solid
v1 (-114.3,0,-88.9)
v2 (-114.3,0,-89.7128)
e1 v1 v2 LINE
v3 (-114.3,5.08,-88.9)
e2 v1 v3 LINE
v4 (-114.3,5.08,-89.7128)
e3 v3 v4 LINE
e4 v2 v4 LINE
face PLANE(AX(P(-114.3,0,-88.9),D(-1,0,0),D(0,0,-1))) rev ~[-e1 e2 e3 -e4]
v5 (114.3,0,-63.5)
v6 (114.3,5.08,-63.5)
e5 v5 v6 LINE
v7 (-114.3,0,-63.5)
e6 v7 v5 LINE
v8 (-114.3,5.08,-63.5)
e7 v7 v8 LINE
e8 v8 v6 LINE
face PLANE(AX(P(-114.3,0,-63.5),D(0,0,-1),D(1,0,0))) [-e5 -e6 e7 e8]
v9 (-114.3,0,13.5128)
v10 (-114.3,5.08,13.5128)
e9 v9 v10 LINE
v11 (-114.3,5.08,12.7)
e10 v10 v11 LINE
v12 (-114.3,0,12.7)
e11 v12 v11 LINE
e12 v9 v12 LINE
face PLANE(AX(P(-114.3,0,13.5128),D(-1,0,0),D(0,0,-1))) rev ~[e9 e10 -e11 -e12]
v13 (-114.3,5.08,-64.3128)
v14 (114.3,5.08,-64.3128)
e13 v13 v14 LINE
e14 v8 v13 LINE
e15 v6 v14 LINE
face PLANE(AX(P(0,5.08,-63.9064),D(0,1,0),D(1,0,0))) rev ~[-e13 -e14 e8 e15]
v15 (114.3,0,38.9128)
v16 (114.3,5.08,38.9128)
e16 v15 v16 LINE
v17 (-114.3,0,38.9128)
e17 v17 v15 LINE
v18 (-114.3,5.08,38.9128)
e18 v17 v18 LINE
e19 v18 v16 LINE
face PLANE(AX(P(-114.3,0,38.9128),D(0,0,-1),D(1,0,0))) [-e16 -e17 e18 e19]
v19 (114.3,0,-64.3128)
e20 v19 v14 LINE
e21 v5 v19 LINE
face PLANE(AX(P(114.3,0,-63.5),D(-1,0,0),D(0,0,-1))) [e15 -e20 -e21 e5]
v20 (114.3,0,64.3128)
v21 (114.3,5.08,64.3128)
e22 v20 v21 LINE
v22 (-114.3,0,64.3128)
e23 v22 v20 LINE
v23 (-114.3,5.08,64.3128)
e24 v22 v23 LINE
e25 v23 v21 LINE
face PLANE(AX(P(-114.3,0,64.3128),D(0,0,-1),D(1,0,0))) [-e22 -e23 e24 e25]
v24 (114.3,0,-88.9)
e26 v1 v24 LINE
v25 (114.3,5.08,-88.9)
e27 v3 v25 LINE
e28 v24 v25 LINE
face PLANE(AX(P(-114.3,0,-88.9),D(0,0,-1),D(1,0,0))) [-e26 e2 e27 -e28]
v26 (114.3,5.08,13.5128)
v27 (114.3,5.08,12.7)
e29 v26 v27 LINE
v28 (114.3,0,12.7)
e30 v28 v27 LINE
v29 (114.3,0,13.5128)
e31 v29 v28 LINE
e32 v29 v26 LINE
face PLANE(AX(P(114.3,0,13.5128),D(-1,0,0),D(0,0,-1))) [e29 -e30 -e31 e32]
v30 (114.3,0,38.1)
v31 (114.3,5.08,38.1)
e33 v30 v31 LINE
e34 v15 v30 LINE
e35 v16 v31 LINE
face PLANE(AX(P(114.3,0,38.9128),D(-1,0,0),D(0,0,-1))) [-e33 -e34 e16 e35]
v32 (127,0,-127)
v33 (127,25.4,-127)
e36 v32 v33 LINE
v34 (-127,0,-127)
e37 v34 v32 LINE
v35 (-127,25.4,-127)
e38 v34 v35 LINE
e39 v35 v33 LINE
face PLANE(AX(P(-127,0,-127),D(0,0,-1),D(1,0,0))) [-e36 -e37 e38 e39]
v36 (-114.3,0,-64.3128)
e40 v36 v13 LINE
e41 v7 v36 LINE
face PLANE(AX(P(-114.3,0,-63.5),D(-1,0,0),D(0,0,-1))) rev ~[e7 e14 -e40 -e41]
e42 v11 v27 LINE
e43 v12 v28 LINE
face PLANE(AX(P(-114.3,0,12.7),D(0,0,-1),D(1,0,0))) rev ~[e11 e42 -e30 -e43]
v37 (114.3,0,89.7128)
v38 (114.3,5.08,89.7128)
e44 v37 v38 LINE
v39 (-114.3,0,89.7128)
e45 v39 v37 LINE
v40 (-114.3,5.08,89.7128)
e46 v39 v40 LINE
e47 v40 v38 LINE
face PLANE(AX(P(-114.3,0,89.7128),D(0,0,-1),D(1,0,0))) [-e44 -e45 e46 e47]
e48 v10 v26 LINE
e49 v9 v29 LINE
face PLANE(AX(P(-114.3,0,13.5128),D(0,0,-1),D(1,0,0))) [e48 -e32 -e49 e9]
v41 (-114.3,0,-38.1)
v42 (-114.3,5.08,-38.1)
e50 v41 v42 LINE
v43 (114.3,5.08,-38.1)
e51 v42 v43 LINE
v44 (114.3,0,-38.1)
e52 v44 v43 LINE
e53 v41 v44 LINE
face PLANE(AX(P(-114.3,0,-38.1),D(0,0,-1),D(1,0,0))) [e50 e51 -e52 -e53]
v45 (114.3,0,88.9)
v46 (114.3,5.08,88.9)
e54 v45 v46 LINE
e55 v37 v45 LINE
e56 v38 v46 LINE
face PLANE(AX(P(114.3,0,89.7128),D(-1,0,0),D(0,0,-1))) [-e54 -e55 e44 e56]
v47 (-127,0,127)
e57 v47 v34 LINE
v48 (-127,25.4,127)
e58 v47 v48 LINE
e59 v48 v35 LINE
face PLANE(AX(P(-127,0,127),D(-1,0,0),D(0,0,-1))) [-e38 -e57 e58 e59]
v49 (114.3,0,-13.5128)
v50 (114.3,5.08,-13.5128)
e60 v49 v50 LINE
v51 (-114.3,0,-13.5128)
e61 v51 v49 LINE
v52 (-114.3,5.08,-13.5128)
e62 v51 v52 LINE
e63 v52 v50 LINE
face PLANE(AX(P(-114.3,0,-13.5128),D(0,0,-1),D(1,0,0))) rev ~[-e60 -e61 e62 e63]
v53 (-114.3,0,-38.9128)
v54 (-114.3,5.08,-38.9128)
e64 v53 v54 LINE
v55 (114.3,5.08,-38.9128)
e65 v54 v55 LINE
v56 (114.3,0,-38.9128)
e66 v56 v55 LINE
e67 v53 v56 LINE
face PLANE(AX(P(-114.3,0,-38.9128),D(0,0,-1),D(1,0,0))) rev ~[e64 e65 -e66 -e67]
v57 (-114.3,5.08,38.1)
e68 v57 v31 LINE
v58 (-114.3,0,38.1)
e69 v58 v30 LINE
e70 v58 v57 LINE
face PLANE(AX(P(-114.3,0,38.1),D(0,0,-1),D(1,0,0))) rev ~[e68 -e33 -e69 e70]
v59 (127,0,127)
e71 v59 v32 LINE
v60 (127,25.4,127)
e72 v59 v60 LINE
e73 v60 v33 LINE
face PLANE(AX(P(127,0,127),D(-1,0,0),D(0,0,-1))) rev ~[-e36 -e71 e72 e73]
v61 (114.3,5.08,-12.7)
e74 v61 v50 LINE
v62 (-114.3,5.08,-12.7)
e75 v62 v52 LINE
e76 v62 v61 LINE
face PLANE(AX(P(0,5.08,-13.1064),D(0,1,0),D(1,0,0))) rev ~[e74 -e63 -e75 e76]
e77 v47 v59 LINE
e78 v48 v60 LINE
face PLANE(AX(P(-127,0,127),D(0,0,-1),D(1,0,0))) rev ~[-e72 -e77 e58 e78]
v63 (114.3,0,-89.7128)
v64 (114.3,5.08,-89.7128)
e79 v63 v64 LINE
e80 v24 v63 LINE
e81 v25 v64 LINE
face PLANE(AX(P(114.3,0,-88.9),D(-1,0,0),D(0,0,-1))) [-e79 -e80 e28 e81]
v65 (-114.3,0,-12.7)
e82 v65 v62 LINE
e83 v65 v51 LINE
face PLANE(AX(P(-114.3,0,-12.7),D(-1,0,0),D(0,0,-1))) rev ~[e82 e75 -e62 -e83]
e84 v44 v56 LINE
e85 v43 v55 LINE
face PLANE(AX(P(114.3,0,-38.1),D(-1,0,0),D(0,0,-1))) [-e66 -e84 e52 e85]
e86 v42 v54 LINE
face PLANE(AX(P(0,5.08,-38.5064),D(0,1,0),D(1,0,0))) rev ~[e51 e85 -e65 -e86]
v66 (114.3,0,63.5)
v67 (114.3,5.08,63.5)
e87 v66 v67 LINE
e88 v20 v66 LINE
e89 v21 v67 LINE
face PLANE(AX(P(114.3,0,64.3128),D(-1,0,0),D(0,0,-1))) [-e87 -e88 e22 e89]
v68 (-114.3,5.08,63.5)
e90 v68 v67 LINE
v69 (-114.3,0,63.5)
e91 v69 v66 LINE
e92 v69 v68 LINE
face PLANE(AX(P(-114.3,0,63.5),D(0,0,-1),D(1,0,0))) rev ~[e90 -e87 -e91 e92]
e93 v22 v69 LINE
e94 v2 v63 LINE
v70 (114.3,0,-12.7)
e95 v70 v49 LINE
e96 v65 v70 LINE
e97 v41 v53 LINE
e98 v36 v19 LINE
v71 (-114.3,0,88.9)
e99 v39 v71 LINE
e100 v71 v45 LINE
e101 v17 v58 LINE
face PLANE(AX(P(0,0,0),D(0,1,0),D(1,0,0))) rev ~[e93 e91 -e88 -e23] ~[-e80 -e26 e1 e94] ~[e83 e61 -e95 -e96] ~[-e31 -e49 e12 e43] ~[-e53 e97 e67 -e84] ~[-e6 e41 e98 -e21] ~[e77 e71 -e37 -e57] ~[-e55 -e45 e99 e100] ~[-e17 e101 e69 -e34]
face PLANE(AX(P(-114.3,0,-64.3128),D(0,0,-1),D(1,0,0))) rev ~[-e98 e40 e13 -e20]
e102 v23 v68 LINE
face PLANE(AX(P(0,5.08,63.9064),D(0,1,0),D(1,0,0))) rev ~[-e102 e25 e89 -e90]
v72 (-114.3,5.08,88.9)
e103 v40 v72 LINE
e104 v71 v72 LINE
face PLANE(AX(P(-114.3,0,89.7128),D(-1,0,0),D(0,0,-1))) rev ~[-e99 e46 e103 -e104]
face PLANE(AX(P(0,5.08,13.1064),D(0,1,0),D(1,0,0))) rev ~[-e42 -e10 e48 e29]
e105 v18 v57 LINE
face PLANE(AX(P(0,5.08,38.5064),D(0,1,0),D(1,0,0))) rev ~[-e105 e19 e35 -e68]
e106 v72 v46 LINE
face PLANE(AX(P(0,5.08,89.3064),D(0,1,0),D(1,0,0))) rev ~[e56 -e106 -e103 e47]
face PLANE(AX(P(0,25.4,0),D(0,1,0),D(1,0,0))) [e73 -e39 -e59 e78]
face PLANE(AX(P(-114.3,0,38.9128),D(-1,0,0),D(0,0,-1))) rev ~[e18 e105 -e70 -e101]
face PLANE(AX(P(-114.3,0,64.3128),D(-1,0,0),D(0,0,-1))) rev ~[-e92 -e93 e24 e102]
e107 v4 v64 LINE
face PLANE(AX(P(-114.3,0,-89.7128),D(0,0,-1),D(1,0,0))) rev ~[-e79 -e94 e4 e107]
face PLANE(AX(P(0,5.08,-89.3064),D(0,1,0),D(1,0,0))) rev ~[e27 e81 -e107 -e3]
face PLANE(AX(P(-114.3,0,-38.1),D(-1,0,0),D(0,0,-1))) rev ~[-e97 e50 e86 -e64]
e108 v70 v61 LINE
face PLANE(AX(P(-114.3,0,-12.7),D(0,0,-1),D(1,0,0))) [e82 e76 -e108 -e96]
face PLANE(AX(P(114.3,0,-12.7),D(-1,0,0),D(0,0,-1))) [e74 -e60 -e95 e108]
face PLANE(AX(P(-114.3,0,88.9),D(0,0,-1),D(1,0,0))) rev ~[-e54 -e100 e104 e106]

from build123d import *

# Parameters (mm, degrees)
SKETCH1_W           = 254
SKETCH1_H           = 254
BOSS_EXTRUDE2_DEPTH = 25.4
SKETCH3_W           = 228.6
SKETCH3_H           = 0.8128
CUT_EXTRUDE1_DEPTH  = 5.08


with BuildPart() as part:
    # Sketch1 → Boss-Extrude2 (new body)
    with BuildSketch(Plane(origin=(0, 0, 0), x_dir=(1, 0, 0), z_dir=(0, 1, 0))):
        Rectangle(SKETCH1_W, SKETCH1_H)
    extrude(amount=BOSS_EXTRUDE2_DEPTH)

    # Sketch3 → Cut-Extrude1 (cut)
    with BuildSketch(Plane(origin=(0, 0, 0), x_dir=(1, 0, 0), z_dir=(0, 1, 0))):
        with Locations((0, 89.3064)):
            Rectangle(SKETCH3_W, SKETCH3_H)
        with Locations((0, 63.9064)):
            Rectangle(SKETCH3_W, SKETCH3_H)
        with Locations((0, 38.5064)):
            Rectangle(SKETCH3_W, SKETCH3_H)
        with Locations((0, 13.1064)):
            Rectangle(SKETCH3_W, SKETCH3_H)
        with Locations((0, -13.1064)):
            Rectangle(SKETCH3_W, SKETCH3_H)
        with Locations((0, -38.5064)):
            Rectangle(SKETCH3_W, SKETCH3_H)
        with Locations((0, -63.9064)):
            Rectangle(SKETCH3_W, SKETCH3_H)
        with Locations((0, -89.3064)):
            Rectangle(SKETCH3_W, SKETCH3_H)
    extrude(amount=CUT_EXTRUDE1_DEPTH, mode=Mode.SUBTRACT)


solid = part.part
